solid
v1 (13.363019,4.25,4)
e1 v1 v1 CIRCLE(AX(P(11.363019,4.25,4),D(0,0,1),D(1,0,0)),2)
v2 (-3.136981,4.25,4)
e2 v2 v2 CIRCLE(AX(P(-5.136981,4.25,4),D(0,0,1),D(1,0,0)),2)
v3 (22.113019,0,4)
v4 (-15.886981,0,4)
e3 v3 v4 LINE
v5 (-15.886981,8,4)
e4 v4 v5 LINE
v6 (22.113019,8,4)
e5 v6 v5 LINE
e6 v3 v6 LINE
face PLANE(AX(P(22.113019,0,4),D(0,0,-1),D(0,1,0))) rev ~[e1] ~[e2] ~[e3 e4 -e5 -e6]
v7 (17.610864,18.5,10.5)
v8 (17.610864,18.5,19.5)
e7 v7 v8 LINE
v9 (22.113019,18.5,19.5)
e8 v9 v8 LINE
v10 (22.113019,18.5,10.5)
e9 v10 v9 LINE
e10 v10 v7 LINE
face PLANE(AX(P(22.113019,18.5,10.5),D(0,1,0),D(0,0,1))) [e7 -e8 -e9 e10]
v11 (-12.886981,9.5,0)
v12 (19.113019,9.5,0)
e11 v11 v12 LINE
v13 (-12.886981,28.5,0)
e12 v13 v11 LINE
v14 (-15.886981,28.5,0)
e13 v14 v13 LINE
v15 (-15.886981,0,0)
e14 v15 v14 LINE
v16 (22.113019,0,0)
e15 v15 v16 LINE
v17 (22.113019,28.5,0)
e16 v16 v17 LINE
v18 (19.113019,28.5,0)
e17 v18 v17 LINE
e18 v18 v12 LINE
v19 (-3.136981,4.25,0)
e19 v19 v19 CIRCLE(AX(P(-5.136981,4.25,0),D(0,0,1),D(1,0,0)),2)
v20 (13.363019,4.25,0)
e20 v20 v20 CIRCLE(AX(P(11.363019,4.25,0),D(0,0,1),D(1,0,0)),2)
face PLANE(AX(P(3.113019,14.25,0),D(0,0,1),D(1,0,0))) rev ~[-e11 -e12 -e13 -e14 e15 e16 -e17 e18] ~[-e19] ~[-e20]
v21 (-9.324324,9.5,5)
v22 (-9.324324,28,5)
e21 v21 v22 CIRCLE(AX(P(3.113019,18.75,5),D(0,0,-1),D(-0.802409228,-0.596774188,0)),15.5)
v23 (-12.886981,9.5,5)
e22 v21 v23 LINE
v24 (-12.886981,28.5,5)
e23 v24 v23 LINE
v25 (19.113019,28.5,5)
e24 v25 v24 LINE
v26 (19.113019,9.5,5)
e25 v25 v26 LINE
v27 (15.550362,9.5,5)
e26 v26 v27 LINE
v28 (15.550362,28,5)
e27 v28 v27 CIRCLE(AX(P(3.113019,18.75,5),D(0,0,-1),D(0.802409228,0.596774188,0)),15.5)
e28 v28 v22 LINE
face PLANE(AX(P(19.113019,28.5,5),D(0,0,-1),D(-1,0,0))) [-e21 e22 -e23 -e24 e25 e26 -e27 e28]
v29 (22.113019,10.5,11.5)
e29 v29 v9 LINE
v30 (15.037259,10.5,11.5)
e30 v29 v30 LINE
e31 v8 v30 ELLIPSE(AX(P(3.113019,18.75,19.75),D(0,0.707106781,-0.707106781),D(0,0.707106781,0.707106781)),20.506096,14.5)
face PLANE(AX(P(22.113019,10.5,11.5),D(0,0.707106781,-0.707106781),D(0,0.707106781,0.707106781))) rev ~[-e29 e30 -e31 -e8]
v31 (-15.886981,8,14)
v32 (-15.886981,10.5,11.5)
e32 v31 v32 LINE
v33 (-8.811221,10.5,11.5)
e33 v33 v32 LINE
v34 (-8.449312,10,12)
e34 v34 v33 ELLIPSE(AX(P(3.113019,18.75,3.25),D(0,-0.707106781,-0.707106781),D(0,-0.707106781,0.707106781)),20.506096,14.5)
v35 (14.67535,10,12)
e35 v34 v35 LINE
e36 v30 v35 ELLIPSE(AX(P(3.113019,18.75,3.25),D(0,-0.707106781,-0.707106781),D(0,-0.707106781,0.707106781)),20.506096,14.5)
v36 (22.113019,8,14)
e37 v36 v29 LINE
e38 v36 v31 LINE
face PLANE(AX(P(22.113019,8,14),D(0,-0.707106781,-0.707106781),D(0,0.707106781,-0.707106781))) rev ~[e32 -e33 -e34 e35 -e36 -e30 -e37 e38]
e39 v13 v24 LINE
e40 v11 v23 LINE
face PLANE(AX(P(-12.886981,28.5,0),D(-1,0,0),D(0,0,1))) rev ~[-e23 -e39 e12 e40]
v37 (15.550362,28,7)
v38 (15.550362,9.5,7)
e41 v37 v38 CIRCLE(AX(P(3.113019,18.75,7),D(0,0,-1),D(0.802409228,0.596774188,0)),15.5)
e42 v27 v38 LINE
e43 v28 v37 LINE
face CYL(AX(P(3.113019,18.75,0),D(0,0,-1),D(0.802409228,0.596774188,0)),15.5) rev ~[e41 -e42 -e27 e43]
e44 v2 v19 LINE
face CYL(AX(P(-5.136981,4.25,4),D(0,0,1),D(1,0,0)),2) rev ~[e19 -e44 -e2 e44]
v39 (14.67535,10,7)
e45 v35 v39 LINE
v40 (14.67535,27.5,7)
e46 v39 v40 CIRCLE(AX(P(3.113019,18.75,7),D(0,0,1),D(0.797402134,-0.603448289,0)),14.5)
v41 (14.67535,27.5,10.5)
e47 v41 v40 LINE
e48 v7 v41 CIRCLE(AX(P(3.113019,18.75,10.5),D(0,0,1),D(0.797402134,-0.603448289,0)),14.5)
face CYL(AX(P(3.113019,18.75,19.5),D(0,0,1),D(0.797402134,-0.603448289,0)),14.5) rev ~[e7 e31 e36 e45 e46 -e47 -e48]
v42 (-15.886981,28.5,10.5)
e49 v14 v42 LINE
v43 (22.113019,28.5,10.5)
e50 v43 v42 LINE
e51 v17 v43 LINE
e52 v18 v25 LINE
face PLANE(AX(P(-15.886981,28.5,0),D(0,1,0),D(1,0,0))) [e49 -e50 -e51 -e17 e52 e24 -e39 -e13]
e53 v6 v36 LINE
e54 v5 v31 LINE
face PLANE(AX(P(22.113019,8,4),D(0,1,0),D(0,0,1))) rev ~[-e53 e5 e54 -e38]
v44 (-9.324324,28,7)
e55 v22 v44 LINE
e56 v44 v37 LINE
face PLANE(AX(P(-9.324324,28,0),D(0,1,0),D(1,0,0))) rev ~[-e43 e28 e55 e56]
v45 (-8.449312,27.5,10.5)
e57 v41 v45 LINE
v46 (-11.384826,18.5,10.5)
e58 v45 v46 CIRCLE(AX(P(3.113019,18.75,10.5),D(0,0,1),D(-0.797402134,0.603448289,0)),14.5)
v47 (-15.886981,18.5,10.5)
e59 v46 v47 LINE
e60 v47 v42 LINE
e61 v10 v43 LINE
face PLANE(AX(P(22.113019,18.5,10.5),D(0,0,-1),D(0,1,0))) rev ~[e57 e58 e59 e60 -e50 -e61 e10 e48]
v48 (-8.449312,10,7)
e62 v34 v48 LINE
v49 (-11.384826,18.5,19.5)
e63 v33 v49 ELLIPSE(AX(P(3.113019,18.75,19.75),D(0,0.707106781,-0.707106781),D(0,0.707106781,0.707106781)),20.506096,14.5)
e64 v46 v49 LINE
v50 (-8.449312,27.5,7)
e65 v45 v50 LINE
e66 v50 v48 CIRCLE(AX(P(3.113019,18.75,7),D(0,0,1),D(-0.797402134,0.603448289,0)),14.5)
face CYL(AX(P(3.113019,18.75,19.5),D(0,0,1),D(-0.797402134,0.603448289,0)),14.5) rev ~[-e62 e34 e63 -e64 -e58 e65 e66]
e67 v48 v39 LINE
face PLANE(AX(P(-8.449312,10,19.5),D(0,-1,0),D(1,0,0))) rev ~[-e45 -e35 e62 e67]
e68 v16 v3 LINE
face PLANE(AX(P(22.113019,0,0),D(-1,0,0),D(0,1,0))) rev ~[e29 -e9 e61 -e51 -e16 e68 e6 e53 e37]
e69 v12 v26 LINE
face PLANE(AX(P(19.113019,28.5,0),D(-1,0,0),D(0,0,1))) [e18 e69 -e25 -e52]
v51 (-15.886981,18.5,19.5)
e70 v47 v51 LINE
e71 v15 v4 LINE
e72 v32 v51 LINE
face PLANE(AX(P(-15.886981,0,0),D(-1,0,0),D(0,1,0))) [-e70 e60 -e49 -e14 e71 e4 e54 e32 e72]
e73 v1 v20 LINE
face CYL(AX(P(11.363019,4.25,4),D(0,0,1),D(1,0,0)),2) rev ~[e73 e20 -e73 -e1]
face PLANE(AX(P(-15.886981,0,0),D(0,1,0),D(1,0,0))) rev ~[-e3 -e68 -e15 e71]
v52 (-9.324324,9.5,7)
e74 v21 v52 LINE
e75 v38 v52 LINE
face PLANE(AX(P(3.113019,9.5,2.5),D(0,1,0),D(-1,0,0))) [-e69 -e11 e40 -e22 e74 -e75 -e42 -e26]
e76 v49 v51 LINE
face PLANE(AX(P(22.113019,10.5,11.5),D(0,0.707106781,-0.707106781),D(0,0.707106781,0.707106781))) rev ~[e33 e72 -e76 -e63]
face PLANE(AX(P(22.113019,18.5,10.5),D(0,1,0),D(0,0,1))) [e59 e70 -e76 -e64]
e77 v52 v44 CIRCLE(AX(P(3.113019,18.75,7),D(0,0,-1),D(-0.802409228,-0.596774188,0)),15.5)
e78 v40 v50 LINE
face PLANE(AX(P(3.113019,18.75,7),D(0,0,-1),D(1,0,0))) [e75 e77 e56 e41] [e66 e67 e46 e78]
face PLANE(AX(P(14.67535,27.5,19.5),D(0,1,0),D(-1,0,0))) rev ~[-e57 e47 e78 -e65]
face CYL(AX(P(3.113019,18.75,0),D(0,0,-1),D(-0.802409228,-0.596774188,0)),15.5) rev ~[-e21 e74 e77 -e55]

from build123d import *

# Parameters (mm, degrees)
F0_W      = 38
F0_H      = 28.5
F1_DEPTH  = 19.5
F2_W      = 8
F2_H      = 15.5
F4_DEPTH  = 38
F6_DEPTH  = 19.5
F3_W      = 10
F3_H      = 9
F7_DEPTH  = 38
F9_DEPTH  = 38
F11_DEPTH = 7
F12_W     = 32
F12_H     = 5
F13_DEPTH = 19
F14_R     = 2
F15_DEPTH = 4


with BuildPart() as f1:
    # F0 (on Top) → F1 (new body)
    with BuildSketch(Plane.XY):
        with Locations((3.113019, 14.25)):
            Rectangle(F0_W, F0_H)
    extrude(amount=F1_DEPTH)

    # F2 (on face) → F4 (cut)
    with BuildSketch(Plane.YZ.offset(22.113019)):
        with Locations((4, 11.75)):
            Rectangle(F2_W, F2_H)
    extrude(amount=-F4_DEPTH, mode=Mode.SUBTRACT)

    # F5 (on face) → F6 (cut)
    with BuildSketch(Plane.XY.offset(19.5)):
        with BuildLine():
            ThreePointArc((-8.449312, 27.5), (-11.386981, 18.75), (-8.449312, 10))
            Line((-8.449312, 10), (14.67535, 10))
            ThreePointArc((14.67535, 10), (17.613019, 18.75), (14.67535, 27.5))
            Line((14.67535, 27.5), (-8.449312, 27.5))
        make_face()
    extrude(amount=-F6_DEPTH, mode=Mode.SUBTRACT)

    # F3 (on face) → F7 (cut)
    with BuildSketch(Plane.YZ.offset(22.113019)):
        with Locations((23.5, 15)):
            Rectangle(F3_W, F3_H)
    extrude(amount=-F7_DEPTH, mode=Mode.SUBTRACT)

    # F8 (on face) → F9 (cut)
    with BuildSketch(Plane.YZ.offset(22.113019)):
        Polygon((18.5, 19.5), (8, 19.5), (8, 14), (10.5, 11.5), align=None)
    extrude(amount=-F9_DEPTH, mode=Mode.SUBTRACT)

    # F10 (on face) → F11 (cut)
    with BuildSketch(Plane(origin=(0, 0, 0), x_dir=(1, 0, 0), z_dir=(0, 0, -1))):
        with BuildLine():
            Line((15.550362, -9.5), (-9.324324, -9.5))
            ThreePointArc((-9.324324, -9.5), (-12.386981, -18.75), (-9.324324, -28))
            Line((-9.324324, -28), (15.550362, -28))
            ThreePointArc((15.550362, -28), (18.613019, -18.75), (15.550362, -9.5))
        make_face()
    extrude(amount=-F11_DEPTH, mode=Mode.SUBTRACT)

    # F12 (on face) → F13 (cut)
    with BuildSketch(Plane(origin=(0, 28.5, 0), x_dir=(-1, 0, 0), z_dir=(0, 1, 0))):
        with Locations((-3.113019, 2.5)):
            Rectangle(F12_W, F12_H)
    extrude(amount=-F13_DEPTH, mode=Mode.SUBTRACT)

    # F14 (on face) → F15 (cut)
    with BuildSketch(Plane.XY.offset(4)):
        with Locations((-5.136981, 4.25)):
            Circle(F14_R)
        with Locations((11.363019, 4.25)):
            Circle(F14_R)
    extrude(amount=-F15_DEPTH, mode=Mode.SUBTRACT)


solid = f1.part
